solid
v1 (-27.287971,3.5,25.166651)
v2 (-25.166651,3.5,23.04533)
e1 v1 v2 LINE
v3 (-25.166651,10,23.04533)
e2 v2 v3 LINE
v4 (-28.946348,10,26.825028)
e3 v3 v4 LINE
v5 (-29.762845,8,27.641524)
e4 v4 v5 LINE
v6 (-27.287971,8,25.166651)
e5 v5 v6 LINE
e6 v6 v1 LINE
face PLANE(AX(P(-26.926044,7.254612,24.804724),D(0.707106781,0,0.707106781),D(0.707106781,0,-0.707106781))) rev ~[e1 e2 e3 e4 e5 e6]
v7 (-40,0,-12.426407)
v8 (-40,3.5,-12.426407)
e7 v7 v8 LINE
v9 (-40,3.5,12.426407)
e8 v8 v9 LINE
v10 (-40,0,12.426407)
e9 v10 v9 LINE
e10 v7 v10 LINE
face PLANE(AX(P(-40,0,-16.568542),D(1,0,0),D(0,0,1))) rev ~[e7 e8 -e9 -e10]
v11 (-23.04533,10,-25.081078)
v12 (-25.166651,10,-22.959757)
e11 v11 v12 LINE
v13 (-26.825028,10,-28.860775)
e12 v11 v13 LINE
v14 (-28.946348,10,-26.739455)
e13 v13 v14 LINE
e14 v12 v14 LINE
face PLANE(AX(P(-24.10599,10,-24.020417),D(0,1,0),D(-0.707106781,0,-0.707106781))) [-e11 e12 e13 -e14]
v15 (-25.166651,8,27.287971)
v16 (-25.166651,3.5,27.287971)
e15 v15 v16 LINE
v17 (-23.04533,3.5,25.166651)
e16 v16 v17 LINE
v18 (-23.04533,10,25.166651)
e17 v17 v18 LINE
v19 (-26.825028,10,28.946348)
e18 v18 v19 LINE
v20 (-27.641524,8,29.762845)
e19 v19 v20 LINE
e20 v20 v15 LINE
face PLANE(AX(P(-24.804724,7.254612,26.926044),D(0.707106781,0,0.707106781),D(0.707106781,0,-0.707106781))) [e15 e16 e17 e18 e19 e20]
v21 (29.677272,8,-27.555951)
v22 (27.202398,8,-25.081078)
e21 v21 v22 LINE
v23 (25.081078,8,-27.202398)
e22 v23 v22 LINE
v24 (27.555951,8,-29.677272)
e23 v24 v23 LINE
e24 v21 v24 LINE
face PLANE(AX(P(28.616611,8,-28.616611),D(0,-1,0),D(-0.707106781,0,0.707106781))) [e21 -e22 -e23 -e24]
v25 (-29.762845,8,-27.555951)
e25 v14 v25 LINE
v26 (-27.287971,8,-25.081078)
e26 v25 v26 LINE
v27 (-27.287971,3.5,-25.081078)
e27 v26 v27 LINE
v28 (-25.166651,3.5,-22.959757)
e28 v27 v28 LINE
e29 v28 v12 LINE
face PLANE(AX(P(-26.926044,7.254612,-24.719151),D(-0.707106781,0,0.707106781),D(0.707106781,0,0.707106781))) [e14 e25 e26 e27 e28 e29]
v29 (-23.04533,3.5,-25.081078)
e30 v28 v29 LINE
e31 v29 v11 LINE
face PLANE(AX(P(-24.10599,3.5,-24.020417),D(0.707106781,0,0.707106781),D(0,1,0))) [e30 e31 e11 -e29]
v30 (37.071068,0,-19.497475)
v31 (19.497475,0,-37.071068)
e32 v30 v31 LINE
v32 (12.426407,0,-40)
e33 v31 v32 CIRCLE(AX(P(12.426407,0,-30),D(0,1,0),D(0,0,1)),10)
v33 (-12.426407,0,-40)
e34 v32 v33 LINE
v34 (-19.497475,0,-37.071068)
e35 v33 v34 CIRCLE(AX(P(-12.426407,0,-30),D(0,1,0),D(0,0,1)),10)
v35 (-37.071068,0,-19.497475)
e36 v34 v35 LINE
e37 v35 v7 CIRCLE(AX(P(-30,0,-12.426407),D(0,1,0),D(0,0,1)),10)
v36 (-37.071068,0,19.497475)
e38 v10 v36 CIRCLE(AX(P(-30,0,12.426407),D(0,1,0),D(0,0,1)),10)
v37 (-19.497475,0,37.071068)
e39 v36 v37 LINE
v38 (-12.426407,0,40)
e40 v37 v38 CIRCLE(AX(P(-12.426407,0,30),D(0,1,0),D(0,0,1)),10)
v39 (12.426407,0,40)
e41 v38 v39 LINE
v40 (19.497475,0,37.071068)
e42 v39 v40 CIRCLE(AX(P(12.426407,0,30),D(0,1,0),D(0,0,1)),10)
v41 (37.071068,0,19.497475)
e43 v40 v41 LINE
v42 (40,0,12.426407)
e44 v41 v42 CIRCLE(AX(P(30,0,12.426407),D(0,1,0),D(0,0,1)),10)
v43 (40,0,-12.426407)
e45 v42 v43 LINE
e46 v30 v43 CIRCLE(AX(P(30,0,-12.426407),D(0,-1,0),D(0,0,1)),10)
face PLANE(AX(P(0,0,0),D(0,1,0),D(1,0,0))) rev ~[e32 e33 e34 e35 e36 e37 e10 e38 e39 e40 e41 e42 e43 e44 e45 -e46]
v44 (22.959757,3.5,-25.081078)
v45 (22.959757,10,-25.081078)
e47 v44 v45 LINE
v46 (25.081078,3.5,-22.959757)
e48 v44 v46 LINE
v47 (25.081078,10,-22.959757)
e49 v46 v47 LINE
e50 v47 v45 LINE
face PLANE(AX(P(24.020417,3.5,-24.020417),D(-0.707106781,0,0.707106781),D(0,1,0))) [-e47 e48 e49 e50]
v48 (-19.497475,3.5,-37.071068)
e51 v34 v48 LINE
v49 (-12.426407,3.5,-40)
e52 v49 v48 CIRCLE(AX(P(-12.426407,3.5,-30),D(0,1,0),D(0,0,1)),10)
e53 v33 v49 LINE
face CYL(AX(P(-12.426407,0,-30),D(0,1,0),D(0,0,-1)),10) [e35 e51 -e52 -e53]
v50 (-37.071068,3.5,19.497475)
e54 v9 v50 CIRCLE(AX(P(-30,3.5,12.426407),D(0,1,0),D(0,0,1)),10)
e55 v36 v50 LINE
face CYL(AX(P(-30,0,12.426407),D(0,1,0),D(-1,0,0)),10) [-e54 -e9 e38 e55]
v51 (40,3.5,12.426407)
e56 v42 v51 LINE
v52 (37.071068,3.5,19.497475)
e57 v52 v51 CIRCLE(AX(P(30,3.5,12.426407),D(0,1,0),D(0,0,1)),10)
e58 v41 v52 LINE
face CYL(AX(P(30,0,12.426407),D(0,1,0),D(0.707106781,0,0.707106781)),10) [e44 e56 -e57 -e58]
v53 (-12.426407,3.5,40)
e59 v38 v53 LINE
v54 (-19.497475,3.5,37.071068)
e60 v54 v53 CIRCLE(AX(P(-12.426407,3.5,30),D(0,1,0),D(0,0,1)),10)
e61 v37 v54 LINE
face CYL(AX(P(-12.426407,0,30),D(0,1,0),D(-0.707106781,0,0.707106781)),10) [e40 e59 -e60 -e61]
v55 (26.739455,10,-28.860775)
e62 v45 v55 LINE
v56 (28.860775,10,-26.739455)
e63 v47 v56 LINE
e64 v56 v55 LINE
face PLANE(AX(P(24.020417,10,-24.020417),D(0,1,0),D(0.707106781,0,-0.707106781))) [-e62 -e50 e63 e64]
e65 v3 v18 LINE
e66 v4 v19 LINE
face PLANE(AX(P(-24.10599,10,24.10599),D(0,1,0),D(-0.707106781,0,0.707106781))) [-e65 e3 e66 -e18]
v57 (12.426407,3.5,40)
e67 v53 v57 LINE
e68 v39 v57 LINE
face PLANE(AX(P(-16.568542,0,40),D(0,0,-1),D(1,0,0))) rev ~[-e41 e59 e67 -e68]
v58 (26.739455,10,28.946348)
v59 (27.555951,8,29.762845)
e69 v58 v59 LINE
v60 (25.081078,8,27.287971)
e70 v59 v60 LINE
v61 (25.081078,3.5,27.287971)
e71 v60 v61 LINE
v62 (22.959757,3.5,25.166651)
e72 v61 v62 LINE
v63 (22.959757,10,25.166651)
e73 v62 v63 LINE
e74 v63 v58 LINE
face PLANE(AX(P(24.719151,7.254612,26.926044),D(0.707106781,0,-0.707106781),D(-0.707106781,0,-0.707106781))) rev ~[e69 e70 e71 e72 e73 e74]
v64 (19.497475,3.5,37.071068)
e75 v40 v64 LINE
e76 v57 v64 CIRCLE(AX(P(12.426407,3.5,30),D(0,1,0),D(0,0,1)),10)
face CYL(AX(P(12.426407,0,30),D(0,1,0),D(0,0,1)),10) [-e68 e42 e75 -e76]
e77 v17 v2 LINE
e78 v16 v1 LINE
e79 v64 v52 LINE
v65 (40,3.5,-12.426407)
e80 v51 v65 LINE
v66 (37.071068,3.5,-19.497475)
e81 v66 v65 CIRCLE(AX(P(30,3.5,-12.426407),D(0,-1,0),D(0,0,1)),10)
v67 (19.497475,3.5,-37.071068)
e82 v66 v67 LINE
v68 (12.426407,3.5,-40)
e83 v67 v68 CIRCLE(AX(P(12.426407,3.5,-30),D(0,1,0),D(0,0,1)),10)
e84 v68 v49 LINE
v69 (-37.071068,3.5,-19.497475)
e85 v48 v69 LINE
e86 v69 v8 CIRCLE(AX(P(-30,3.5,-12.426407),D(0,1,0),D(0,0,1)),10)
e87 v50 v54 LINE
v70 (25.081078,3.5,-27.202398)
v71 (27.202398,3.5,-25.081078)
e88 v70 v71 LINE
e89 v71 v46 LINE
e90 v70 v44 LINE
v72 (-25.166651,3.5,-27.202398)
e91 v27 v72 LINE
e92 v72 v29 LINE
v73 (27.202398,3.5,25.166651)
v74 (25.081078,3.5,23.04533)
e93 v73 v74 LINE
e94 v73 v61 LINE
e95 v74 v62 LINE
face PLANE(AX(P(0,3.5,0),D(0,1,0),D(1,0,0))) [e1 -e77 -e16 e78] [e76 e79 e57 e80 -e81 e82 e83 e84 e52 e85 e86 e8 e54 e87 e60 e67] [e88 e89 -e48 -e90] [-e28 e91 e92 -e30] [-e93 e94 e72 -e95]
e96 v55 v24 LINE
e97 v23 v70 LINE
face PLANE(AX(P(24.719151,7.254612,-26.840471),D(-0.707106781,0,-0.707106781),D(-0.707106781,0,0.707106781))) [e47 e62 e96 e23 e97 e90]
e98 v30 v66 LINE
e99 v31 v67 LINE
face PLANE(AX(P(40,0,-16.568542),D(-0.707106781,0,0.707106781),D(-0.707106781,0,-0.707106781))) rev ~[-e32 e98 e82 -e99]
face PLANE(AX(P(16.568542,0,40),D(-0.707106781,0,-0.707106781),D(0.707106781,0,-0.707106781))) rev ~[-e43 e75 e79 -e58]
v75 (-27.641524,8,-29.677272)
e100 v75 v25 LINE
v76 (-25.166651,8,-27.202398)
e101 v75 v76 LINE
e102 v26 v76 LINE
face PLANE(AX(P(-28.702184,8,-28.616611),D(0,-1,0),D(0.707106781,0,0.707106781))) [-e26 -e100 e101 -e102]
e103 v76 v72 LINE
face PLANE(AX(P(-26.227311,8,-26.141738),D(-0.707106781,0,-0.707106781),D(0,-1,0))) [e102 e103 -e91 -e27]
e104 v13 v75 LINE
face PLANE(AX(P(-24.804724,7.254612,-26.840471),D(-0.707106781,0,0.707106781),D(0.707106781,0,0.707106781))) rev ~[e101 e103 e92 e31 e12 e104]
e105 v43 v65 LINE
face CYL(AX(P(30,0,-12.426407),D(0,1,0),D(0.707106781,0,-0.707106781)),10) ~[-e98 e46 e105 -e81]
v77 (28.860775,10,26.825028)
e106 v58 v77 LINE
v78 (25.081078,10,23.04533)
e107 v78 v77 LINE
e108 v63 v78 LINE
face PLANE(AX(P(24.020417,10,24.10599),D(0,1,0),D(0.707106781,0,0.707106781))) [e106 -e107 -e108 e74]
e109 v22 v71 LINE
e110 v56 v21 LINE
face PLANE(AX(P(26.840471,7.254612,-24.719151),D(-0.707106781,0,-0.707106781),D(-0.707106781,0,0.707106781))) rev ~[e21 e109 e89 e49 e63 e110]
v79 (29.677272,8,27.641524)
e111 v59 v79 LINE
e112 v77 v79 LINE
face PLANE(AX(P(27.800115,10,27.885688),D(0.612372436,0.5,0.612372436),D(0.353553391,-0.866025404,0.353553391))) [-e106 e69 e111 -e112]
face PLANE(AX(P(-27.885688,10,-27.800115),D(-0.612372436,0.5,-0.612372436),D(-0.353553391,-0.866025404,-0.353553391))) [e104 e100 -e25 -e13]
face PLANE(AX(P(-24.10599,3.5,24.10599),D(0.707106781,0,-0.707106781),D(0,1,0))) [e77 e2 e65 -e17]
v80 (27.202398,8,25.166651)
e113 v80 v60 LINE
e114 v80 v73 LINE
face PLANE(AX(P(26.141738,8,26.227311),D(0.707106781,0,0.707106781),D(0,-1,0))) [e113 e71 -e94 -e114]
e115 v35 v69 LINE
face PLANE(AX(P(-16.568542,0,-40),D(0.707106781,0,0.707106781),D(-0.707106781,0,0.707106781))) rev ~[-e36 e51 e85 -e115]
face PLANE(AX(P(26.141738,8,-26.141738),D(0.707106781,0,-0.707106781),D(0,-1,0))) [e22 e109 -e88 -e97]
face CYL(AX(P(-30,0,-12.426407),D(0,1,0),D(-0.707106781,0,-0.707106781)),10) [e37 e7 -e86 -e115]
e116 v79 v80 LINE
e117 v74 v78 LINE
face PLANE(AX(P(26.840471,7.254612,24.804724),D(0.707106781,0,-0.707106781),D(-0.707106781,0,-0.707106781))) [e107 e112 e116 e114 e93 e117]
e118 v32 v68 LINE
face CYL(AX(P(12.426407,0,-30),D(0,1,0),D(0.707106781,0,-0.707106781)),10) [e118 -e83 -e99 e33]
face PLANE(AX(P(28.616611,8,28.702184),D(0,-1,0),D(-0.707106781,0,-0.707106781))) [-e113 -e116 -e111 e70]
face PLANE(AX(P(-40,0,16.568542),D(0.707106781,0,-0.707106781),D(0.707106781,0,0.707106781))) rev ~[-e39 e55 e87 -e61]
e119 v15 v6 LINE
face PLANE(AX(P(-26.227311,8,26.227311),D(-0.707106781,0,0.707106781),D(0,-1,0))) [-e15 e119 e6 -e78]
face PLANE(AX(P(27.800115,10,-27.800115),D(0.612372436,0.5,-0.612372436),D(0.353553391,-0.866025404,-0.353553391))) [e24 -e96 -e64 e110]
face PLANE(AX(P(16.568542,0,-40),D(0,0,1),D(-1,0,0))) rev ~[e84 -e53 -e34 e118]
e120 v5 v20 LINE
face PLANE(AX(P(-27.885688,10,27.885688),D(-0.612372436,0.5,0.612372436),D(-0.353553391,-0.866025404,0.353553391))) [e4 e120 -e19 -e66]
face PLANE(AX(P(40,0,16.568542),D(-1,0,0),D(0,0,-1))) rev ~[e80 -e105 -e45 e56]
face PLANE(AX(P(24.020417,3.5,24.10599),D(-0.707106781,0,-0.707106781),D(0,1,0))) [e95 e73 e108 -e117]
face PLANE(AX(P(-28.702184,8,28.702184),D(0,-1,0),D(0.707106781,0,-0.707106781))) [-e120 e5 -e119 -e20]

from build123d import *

# Parameters (mm, degrees)
BOSS_EXTRUDE1_DEPTH = 3.5
FILLET1_R           = 10
BOSS_EXTRUDE2_DEPTH = 1.5
CIRPATTERN1_COUNT   = 4


with BuildPart() as part:
    # Sketch1 → Boss-Extrude1 (new body)
    with BuildSketch(Plane(origin=(0, 0, 0), x_dir=(1, 0, 0), z_dir=(0, 1, 0))):
        Polygon((40, 16.568542495), (16.568542495, 40), (-16.568542495, 40), (-40, 16.568542495), (-40, -16.568542495), (-16.568542495, -40), (16.568542495, -40), (40, -16.568542495), align=None)
    extrude(amount=BOSS_EXTRUDE1_DEPTH)

    # Fillet1
    fillet1_edges = [part.edges().sort_by_distance(p)[0] for p in [
        (40, 1.75, 16.568542495),
        (16.568542495, 1.75, 40),
        (-16.568542495, 1.75, 40),
        (-40, 1.75, 16.568542495),
        (-40, 1.75, -16.568542495),
        (-16.568542495, 1.75, -40),
        (16.568542495, 1.75, -40),
        (40, 1.75, -16.568542495),
    ]]
    fillet(fillet1_edges, radius=FILLET1_R)

    # Sketch3 → Boss-Extrude2 (add, symmetric)
    with BuildSketch(Plane(origin=(0, 0, 0), x_dir=(-0.707106781, 0, 0.707106781), z_dir=(-0.707106781, 0, -0.707106781))):
        Polygon((-33.97, 3.5), (-33.97, 10), (-39.315299462, 10), (-40.47, 8), (-36.97, 8), (-36.97, 3.5), align=None)
    boss_extrude2 = extrude(amount=BOSS_EXTRUDE2_DEPTH, both=True)

    # CirPattern1: Boss-Extrude2 ×4 about axis
    cirpattern1_axis = Axis((-0.042786503, 0, 0.042786503), (0, 1, 0))
    for i in range(1, CIRPATTERN1_COUNT):
        add(boss_extrude2.rotate(cirpattern1_axis, i * 360 / CIRPATTERN1_COUNT))


solid = part.part
